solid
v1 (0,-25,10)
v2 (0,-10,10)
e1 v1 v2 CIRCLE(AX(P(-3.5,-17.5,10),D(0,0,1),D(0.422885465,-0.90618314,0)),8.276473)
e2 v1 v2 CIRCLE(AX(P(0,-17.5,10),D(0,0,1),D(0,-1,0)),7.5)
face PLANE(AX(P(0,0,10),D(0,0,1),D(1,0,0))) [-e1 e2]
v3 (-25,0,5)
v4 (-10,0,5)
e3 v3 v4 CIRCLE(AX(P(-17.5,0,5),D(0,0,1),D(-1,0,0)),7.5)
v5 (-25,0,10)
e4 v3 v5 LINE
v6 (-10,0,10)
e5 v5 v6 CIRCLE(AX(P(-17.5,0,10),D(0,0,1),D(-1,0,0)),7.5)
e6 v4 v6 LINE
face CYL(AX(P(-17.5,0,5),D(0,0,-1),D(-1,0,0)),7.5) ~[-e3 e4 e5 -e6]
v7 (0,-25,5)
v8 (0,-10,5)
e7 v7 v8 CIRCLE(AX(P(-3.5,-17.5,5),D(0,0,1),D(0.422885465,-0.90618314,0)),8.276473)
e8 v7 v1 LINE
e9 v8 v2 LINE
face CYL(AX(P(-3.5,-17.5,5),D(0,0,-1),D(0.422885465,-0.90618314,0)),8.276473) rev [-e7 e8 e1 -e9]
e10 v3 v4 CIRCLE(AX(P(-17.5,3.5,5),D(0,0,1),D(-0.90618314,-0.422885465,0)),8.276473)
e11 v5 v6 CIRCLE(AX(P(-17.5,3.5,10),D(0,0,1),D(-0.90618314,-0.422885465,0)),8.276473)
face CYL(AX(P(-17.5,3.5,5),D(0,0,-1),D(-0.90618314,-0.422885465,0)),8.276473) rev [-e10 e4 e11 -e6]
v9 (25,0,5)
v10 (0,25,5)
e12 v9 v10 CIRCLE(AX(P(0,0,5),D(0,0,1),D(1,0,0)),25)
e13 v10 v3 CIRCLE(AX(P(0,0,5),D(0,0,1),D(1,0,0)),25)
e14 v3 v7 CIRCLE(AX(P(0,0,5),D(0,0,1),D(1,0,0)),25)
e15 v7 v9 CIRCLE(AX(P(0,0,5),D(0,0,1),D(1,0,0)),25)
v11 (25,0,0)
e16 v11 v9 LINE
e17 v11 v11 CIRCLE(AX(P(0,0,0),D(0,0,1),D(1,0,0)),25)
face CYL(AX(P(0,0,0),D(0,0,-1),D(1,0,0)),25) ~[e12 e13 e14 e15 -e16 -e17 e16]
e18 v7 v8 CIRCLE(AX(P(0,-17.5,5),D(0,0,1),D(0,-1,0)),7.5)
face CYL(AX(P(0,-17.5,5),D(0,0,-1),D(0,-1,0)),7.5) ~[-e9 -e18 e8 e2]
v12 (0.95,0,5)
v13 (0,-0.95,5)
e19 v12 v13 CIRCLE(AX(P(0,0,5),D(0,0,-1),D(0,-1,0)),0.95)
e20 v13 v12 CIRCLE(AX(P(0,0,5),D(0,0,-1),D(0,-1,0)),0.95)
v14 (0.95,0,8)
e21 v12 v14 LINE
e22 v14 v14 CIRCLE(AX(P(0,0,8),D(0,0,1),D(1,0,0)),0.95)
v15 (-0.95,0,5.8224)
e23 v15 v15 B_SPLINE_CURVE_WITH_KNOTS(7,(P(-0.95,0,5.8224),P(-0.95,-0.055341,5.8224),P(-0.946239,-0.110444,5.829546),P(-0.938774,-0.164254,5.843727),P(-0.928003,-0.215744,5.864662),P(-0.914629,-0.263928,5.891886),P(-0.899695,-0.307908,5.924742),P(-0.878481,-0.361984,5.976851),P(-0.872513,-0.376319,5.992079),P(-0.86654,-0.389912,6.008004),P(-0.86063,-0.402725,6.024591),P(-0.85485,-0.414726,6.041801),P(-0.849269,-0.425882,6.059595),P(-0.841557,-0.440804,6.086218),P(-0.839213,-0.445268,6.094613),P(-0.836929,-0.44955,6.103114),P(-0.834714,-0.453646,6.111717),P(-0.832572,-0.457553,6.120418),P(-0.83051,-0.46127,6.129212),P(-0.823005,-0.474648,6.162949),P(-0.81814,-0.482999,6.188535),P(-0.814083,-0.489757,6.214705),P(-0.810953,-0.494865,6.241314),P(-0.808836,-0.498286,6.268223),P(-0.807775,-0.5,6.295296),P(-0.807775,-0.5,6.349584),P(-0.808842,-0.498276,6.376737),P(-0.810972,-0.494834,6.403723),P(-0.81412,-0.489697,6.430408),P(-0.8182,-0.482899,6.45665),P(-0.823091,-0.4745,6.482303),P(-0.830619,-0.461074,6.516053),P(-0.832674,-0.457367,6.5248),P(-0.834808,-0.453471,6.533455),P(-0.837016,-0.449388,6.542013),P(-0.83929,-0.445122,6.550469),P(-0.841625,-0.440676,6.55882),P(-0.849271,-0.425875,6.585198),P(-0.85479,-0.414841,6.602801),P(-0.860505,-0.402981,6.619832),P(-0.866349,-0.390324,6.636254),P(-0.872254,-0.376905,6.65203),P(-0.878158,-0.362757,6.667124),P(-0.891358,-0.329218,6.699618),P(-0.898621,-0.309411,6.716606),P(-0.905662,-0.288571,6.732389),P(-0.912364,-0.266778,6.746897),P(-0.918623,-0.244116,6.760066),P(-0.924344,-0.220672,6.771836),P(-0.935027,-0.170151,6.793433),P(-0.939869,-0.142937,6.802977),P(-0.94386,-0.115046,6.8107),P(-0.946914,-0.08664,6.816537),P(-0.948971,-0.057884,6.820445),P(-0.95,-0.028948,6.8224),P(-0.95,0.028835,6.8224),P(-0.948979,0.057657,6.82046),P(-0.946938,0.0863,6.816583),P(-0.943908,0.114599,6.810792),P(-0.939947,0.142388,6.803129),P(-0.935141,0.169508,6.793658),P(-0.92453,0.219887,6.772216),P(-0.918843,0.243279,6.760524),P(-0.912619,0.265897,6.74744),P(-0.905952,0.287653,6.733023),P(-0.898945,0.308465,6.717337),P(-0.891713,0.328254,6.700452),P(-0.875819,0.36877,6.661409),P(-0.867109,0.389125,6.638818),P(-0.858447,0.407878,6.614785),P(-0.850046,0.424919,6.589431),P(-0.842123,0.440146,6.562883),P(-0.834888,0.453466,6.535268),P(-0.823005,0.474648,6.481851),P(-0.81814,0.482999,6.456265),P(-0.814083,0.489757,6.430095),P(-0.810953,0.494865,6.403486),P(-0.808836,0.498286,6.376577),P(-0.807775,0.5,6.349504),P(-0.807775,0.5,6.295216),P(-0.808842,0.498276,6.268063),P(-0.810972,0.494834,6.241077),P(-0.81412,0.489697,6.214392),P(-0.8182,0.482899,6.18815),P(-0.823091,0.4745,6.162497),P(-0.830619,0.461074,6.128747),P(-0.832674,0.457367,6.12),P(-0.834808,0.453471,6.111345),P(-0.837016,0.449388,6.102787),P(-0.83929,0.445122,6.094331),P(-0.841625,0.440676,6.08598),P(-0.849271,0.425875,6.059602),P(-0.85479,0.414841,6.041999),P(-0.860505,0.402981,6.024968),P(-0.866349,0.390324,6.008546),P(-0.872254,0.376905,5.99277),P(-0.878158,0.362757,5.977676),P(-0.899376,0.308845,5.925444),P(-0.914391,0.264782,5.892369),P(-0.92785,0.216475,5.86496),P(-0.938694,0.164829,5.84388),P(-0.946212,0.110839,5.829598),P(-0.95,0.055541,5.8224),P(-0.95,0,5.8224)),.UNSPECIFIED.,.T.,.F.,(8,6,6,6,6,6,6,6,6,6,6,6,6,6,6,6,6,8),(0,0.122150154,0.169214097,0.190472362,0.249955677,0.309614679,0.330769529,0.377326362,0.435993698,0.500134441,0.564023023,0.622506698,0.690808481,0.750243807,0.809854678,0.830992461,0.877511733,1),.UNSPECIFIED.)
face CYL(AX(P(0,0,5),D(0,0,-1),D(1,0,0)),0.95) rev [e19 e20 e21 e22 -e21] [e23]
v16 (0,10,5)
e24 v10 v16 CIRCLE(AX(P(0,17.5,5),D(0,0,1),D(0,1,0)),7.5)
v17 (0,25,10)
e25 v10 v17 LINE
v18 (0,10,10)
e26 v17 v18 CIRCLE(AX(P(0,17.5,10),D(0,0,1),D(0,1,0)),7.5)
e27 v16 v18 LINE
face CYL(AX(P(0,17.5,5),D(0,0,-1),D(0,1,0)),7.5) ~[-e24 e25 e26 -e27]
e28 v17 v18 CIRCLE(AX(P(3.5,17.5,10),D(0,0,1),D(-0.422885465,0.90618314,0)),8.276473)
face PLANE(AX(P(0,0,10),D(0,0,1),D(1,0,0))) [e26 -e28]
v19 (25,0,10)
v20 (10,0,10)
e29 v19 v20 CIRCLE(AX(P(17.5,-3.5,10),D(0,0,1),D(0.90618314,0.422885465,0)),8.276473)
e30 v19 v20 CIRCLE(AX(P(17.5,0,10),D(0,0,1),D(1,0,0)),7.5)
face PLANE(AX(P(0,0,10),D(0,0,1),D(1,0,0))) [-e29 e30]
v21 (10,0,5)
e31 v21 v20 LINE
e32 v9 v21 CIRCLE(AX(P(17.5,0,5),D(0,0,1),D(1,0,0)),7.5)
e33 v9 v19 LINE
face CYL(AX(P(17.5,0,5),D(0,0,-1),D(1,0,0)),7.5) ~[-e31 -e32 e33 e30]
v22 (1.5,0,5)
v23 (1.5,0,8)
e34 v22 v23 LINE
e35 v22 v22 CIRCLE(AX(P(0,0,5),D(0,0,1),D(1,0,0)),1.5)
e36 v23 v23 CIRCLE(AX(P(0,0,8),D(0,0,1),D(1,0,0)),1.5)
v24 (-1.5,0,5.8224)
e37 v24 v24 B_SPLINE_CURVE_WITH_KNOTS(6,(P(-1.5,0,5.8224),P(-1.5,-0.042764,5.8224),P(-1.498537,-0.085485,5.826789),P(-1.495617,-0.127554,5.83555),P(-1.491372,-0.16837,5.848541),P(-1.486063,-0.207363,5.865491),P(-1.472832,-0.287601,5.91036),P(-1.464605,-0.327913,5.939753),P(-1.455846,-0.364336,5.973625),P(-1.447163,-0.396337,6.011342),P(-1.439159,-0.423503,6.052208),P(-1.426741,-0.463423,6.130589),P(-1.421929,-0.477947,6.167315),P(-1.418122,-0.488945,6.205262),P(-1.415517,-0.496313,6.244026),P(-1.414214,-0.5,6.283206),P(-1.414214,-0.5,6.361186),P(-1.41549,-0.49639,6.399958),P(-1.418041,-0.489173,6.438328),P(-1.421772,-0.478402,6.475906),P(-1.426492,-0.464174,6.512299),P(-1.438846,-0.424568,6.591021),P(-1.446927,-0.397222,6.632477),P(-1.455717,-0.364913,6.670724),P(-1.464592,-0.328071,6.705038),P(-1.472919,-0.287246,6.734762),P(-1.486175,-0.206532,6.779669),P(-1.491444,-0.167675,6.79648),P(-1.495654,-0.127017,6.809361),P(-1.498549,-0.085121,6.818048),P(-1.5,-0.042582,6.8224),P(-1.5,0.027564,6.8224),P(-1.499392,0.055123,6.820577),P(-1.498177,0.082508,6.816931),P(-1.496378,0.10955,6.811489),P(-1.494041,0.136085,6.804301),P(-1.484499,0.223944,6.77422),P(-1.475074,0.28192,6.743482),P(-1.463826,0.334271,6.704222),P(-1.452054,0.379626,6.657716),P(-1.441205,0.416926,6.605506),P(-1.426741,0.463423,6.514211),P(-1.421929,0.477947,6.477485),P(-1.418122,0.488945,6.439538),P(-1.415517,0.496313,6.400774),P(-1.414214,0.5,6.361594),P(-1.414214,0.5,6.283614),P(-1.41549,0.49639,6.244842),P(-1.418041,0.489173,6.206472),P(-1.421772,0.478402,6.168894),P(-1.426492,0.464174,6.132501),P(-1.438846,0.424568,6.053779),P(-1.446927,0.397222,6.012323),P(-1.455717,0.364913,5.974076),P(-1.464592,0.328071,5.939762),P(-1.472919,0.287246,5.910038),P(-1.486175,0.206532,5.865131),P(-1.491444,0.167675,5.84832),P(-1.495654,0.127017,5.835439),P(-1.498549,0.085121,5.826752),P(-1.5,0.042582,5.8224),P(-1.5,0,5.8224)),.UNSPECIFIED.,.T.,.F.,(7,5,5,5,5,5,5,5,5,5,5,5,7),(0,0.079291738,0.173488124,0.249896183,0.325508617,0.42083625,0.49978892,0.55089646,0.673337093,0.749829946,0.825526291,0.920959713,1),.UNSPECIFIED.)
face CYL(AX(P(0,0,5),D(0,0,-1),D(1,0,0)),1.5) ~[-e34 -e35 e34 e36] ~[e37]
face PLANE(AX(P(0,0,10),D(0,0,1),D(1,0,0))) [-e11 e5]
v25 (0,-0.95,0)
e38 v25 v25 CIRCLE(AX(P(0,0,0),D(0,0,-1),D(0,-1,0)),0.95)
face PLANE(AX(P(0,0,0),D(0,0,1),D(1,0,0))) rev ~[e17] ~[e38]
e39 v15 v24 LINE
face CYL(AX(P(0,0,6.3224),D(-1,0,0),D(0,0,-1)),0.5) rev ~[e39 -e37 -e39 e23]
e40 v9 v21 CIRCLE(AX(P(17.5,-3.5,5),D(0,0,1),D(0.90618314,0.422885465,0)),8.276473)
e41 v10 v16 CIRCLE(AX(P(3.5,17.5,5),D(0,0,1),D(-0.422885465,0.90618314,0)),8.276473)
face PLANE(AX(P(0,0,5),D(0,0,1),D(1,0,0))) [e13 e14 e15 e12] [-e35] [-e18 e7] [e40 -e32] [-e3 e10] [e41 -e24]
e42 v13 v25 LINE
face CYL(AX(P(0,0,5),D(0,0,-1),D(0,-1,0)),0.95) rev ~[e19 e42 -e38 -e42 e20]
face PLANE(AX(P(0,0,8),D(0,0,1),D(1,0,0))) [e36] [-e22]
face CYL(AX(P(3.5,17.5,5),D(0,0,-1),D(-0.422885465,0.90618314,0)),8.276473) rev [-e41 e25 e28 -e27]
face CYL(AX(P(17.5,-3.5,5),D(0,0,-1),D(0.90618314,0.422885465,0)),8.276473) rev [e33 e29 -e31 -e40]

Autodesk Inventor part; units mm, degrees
ref_plane "YZ Plane" through (0, 0, 0) normal (1, 0, 0) x (0, 1, 0)
ref_plane "XZ Plane" through (0, 0, 0) normal (0, 1, 0) x (-1, 0, 0)
ref_plane "XY Plane" through (0, 0, 0) normal (0, 0, 1) x (1, 0, 0)
sketch "スケッチ1" plane through (0, 0, 0) normal (0, 0, 1) x (1, 0, 0)
  circle A0 centre (0, 0) radius 25
  dimension "d0" = 50
extrude "押し出し1" add sketch "スケッチ1" along normal blind 5
sketch "スケッチ2" plane through (0, 0, 5) normal (0, 0, 1) x (1, 0, 0)
  circle A0 centre (0, 0) radius 10
  circle A1 centre (0, 0) radius 25 projected
  arc A2 (0, 25) -> (0, 10) centre (0, 17.5) ccw
  arc A3 (0, 25) -> (0, 10) centre (3.5, 17.5) ccw
  arc A4 (-25, 0) -> (-10, 0) centre (-17.5, 3.5) ccw
  arc A5 (-25, 0) -> (-10, 0) centre (-17.5, 0) ccw
  arc A6 (0, -25) -> (0, -10) centre (-3.5, -17.5) ccw
  arc A7 (0, -25) -> (0, -10) centre (0, -17.5) ccw
  arc A8 (25, 0) -> (10, 0) centre (17.5, -3.5) ccw
  arc A9 (25, 0) -> (10, 0) centre (17.5, 0) ccw
  dimension "d3" = 20
  dimension "d4" = 3.5
  dimension "d7" = 360
extrude "押し出し2" add sketch "スケッチ2" along normal blind 5 contours A9 A8 | A2 A3 | A7 A6 | A5 A4
sketch "スケッチ3" plane through (0, 0, 5) normal (0, 0, 1) x (1, 0, 0)
  point P0 (0, 0)
  point P1 (0, 0)
hole "穴1" at (0, 0, 5) direction (0, 0, -1) diameter 1.9 depth 6 tip angle 118
sketch "スケッチ4" plane through (0, 0, 5) normal (0, 0, 1) x (1, 0, 0)
  circle A0 centre (0, 0) radius 0.95 projected
  circle A1 centre (0, 0) radius 1.5
  dimension "d18" = 3
extrude "押し出し3" add sketch "スケッチ4" along normal blind 3
sketch "スケッチ5" plane through (0, 0, 0) normal (1, 0, 0) x (0, 1, 0)
  line L0 (0, 5) -> (0, 10) projected
  point P0 (0, 0)
  point P1 (0, 6.3224)
hole "穴2" at (0, 0, 6.3224) direction (-1, 0, 0) diameter 1 depth 2 tip angle 118
properties part number "20220701_fan_wing4"
